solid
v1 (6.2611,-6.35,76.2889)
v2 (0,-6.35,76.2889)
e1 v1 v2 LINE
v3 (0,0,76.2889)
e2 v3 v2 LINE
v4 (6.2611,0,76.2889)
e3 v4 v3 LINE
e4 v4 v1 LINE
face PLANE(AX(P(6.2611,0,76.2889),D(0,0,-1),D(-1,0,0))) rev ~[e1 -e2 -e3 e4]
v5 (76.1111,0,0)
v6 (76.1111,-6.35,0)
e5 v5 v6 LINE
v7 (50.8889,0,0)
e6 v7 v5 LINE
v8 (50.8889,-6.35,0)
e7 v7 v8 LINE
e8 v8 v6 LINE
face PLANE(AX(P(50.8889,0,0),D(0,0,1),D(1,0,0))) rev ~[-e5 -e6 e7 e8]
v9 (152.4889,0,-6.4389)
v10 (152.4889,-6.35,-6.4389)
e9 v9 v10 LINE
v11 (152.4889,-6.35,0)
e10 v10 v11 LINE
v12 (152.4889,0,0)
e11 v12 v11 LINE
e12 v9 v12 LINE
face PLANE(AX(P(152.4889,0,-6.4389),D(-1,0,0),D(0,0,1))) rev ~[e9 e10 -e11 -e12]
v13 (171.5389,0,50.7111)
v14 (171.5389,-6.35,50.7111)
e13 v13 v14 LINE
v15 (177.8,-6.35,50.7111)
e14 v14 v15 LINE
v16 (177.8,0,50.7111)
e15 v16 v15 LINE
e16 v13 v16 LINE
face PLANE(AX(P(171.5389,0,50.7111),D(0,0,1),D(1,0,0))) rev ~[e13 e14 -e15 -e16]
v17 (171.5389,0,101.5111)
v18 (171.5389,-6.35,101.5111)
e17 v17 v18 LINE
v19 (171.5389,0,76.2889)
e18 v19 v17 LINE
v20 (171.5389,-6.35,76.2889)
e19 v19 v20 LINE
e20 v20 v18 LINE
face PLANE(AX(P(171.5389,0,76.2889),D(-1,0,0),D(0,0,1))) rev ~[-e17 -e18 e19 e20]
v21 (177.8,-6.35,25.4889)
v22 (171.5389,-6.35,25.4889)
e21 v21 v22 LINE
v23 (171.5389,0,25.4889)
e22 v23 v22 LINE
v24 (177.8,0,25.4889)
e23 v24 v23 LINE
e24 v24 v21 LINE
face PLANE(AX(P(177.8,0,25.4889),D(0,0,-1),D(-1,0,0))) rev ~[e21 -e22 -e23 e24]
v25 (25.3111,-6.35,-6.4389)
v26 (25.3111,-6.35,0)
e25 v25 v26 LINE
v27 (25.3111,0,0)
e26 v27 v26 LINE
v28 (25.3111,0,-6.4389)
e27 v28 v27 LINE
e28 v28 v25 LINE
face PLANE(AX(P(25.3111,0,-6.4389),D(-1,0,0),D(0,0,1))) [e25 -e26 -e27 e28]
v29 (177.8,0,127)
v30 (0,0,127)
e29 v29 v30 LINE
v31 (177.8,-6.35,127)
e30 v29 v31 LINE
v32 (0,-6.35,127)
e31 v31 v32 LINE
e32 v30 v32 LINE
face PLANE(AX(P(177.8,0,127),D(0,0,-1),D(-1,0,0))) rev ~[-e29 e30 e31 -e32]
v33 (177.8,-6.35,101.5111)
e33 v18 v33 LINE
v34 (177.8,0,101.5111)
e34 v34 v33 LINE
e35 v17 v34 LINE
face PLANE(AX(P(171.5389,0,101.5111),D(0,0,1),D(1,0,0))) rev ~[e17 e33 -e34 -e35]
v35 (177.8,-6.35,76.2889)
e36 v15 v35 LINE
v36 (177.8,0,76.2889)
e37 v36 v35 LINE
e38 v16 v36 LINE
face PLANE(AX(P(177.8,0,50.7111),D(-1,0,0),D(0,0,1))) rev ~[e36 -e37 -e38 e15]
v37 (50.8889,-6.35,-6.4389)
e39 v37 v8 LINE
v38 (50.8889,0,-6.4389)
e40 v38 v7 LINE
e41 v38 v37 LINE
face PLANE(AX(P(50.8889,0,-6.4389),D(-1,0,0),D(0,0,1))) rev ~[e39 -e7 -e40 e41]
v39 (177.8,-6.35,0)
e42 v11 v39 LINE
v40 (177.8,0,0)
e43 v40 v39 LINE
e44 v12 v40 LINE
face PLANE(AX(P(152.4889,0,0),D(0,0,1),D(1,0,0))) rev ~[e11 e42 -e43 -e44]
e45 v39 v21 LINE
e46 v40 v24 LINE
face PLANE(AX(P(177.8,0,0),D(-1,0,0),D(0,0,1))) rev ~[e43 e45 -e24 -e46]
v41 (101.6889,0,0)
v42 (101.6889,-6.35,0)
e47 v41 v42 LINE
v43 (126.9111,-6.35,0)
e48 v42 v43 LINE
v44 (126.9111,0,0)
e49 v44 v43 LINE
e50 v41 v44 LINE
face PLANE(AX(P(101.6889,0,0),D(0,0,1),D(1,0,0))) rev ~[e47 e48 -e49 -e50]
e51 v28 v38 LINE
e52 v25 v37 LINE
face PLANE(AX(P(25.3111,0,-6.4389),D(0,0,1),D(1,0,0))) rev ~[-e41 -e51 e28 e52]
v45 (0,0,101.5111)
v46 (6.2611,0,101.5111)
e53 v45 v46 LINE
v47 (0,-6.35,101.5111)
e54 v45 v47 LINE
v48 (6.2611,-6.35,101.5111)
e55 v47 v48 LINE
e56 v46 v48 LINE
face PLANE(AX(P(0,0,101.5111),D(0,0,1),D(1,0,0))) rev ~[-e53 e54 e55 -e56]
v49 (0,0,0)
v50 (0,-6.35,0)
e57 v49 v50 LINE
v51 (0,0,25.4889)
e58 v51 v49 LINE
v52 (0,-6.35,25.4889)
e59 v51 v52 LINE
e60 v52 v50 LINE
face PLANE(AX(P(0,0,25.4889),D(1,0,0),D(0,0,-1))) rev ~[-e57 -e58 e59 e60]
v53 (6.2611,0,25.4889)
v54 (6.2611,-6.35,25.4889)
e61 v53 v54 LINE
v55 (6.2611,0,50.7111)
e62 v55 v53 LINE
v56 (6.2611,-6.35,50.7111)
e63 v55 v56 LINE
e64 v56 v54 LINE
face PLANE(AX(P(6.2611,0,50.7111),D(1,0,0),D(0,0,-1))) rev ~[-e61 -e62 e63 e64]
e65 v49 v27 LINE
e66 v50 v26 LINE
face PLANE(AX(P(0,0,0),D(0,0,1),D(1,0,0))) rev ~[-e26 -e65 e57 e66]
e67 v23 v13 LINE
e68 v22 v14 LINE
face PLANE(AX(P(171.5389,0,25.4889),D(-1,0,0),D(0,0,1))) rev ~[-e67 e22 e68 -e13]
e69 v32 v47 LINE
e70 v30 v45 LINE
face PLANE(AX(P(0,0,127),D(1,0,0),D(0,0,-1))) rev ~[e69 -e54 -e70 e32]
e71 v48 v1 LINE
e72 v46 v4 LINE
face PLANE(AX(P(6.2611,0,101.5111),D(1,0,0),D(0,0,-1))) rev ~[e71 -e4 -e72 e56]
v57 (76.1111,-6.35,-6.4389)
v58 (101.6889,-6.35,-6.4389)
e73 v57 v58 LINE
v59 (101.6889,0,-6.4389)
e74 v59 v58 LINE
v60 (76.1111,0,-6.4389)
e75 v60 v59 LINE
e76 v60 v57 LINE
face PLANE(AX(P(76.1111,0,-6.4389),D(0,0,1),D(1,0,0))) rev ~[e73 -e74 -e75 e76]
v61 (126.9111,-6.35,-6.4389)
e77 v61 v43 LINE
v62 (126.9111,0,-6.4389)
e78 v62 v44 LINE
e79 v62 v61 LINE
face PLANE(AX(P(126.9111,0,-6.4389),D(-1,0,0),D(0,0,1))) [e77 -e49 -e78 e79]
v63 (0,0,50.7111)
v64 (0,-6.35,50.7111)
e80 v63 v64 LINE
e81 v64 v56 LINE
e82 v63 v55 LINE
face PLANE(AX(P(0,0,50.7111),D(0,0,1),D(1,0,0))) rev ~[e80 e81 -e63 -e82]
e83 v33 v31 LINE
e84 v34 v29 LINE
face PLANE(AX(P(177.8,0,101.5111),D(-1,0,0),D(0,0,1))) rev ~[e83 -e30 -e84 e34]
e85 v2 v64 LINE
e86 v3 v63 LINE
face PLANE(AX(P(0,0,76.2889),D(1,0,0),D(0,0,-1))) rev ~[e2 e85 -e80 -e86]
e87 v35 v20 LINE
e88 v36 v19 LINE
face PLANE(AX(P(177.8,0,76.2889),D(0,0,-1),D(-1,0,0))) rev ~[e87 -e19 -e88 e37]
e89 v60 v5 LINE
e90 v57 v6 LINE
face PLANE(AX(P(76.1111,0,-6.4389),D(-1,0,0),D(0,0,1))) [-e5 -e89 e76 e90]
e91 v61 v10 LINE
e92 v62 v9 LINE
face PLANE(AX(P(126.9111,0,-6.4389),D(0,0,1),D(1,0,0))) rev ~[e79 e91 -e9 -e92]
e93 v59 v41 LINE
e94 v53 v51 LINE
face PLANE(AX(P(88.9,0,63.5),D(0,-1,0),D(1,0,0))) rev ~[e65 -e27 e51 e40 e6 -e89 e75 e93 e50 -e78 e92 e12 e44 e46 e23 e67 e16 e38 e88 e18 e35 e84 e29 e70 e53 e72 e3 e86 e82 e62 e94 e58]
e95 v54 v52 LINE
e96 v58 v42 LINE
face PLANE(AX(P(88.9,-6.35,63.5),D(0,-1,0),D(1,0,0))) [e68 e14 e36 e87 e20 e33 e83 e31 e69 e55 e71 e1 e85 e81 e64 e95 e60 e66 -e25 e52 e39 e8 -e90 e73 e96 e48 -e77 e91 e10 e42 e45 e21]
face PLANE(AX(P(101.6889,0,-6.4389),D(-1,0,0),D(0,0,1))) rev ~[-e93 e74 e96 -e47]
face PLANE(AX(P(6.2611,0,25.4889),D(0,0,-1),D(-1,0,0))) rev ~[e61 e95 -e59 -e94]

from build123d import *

# Parameters (mm, degrees)
F0_W     = 25.5778
F0_H     = 6.4389
F1_DEPTH = 6.35


with BuildPart() as f1:
    # F0 (on Front) → F1 (new body)
    with BuildSketch(Plane.XZ):
        Polygon((0, 25.4889), (0, 0), (25.3111, 0), (50.8889, 0), (76.1111, 0), (101.6889, 0), (126.9111, 0), (152.4889, 0), (177.8, 0), (177.8, 25.4889), (171.5389, 25.4889), (171.5389, 50.7111), (177.8, 50.7111), (177.8, 76.2889), (171.5389, 76.2889), (171.5389, 101.5111), (177.8, 101.5111), (177.8, 127), (0, 127), (0, 101.5111), (6.2611, 101.5111), (6.2611, 76.2889), (0, 76.2889), (0, 50.7111), (6.2611, 50.7111), (6.2611, 25.4889), align=None)
        with Locations((38.1, -3.21945)):
            Rectangle(F0_W, F0_H)
        with Locations((88.9, -3.21945)):
            Rectangle(F0_W, F0_H)
        with Locations((139.7, -3.21945)):
            Rectangle(F0_W, F0_H)
    extrude(amount=F1_DEPTH)


solid = f1.part
